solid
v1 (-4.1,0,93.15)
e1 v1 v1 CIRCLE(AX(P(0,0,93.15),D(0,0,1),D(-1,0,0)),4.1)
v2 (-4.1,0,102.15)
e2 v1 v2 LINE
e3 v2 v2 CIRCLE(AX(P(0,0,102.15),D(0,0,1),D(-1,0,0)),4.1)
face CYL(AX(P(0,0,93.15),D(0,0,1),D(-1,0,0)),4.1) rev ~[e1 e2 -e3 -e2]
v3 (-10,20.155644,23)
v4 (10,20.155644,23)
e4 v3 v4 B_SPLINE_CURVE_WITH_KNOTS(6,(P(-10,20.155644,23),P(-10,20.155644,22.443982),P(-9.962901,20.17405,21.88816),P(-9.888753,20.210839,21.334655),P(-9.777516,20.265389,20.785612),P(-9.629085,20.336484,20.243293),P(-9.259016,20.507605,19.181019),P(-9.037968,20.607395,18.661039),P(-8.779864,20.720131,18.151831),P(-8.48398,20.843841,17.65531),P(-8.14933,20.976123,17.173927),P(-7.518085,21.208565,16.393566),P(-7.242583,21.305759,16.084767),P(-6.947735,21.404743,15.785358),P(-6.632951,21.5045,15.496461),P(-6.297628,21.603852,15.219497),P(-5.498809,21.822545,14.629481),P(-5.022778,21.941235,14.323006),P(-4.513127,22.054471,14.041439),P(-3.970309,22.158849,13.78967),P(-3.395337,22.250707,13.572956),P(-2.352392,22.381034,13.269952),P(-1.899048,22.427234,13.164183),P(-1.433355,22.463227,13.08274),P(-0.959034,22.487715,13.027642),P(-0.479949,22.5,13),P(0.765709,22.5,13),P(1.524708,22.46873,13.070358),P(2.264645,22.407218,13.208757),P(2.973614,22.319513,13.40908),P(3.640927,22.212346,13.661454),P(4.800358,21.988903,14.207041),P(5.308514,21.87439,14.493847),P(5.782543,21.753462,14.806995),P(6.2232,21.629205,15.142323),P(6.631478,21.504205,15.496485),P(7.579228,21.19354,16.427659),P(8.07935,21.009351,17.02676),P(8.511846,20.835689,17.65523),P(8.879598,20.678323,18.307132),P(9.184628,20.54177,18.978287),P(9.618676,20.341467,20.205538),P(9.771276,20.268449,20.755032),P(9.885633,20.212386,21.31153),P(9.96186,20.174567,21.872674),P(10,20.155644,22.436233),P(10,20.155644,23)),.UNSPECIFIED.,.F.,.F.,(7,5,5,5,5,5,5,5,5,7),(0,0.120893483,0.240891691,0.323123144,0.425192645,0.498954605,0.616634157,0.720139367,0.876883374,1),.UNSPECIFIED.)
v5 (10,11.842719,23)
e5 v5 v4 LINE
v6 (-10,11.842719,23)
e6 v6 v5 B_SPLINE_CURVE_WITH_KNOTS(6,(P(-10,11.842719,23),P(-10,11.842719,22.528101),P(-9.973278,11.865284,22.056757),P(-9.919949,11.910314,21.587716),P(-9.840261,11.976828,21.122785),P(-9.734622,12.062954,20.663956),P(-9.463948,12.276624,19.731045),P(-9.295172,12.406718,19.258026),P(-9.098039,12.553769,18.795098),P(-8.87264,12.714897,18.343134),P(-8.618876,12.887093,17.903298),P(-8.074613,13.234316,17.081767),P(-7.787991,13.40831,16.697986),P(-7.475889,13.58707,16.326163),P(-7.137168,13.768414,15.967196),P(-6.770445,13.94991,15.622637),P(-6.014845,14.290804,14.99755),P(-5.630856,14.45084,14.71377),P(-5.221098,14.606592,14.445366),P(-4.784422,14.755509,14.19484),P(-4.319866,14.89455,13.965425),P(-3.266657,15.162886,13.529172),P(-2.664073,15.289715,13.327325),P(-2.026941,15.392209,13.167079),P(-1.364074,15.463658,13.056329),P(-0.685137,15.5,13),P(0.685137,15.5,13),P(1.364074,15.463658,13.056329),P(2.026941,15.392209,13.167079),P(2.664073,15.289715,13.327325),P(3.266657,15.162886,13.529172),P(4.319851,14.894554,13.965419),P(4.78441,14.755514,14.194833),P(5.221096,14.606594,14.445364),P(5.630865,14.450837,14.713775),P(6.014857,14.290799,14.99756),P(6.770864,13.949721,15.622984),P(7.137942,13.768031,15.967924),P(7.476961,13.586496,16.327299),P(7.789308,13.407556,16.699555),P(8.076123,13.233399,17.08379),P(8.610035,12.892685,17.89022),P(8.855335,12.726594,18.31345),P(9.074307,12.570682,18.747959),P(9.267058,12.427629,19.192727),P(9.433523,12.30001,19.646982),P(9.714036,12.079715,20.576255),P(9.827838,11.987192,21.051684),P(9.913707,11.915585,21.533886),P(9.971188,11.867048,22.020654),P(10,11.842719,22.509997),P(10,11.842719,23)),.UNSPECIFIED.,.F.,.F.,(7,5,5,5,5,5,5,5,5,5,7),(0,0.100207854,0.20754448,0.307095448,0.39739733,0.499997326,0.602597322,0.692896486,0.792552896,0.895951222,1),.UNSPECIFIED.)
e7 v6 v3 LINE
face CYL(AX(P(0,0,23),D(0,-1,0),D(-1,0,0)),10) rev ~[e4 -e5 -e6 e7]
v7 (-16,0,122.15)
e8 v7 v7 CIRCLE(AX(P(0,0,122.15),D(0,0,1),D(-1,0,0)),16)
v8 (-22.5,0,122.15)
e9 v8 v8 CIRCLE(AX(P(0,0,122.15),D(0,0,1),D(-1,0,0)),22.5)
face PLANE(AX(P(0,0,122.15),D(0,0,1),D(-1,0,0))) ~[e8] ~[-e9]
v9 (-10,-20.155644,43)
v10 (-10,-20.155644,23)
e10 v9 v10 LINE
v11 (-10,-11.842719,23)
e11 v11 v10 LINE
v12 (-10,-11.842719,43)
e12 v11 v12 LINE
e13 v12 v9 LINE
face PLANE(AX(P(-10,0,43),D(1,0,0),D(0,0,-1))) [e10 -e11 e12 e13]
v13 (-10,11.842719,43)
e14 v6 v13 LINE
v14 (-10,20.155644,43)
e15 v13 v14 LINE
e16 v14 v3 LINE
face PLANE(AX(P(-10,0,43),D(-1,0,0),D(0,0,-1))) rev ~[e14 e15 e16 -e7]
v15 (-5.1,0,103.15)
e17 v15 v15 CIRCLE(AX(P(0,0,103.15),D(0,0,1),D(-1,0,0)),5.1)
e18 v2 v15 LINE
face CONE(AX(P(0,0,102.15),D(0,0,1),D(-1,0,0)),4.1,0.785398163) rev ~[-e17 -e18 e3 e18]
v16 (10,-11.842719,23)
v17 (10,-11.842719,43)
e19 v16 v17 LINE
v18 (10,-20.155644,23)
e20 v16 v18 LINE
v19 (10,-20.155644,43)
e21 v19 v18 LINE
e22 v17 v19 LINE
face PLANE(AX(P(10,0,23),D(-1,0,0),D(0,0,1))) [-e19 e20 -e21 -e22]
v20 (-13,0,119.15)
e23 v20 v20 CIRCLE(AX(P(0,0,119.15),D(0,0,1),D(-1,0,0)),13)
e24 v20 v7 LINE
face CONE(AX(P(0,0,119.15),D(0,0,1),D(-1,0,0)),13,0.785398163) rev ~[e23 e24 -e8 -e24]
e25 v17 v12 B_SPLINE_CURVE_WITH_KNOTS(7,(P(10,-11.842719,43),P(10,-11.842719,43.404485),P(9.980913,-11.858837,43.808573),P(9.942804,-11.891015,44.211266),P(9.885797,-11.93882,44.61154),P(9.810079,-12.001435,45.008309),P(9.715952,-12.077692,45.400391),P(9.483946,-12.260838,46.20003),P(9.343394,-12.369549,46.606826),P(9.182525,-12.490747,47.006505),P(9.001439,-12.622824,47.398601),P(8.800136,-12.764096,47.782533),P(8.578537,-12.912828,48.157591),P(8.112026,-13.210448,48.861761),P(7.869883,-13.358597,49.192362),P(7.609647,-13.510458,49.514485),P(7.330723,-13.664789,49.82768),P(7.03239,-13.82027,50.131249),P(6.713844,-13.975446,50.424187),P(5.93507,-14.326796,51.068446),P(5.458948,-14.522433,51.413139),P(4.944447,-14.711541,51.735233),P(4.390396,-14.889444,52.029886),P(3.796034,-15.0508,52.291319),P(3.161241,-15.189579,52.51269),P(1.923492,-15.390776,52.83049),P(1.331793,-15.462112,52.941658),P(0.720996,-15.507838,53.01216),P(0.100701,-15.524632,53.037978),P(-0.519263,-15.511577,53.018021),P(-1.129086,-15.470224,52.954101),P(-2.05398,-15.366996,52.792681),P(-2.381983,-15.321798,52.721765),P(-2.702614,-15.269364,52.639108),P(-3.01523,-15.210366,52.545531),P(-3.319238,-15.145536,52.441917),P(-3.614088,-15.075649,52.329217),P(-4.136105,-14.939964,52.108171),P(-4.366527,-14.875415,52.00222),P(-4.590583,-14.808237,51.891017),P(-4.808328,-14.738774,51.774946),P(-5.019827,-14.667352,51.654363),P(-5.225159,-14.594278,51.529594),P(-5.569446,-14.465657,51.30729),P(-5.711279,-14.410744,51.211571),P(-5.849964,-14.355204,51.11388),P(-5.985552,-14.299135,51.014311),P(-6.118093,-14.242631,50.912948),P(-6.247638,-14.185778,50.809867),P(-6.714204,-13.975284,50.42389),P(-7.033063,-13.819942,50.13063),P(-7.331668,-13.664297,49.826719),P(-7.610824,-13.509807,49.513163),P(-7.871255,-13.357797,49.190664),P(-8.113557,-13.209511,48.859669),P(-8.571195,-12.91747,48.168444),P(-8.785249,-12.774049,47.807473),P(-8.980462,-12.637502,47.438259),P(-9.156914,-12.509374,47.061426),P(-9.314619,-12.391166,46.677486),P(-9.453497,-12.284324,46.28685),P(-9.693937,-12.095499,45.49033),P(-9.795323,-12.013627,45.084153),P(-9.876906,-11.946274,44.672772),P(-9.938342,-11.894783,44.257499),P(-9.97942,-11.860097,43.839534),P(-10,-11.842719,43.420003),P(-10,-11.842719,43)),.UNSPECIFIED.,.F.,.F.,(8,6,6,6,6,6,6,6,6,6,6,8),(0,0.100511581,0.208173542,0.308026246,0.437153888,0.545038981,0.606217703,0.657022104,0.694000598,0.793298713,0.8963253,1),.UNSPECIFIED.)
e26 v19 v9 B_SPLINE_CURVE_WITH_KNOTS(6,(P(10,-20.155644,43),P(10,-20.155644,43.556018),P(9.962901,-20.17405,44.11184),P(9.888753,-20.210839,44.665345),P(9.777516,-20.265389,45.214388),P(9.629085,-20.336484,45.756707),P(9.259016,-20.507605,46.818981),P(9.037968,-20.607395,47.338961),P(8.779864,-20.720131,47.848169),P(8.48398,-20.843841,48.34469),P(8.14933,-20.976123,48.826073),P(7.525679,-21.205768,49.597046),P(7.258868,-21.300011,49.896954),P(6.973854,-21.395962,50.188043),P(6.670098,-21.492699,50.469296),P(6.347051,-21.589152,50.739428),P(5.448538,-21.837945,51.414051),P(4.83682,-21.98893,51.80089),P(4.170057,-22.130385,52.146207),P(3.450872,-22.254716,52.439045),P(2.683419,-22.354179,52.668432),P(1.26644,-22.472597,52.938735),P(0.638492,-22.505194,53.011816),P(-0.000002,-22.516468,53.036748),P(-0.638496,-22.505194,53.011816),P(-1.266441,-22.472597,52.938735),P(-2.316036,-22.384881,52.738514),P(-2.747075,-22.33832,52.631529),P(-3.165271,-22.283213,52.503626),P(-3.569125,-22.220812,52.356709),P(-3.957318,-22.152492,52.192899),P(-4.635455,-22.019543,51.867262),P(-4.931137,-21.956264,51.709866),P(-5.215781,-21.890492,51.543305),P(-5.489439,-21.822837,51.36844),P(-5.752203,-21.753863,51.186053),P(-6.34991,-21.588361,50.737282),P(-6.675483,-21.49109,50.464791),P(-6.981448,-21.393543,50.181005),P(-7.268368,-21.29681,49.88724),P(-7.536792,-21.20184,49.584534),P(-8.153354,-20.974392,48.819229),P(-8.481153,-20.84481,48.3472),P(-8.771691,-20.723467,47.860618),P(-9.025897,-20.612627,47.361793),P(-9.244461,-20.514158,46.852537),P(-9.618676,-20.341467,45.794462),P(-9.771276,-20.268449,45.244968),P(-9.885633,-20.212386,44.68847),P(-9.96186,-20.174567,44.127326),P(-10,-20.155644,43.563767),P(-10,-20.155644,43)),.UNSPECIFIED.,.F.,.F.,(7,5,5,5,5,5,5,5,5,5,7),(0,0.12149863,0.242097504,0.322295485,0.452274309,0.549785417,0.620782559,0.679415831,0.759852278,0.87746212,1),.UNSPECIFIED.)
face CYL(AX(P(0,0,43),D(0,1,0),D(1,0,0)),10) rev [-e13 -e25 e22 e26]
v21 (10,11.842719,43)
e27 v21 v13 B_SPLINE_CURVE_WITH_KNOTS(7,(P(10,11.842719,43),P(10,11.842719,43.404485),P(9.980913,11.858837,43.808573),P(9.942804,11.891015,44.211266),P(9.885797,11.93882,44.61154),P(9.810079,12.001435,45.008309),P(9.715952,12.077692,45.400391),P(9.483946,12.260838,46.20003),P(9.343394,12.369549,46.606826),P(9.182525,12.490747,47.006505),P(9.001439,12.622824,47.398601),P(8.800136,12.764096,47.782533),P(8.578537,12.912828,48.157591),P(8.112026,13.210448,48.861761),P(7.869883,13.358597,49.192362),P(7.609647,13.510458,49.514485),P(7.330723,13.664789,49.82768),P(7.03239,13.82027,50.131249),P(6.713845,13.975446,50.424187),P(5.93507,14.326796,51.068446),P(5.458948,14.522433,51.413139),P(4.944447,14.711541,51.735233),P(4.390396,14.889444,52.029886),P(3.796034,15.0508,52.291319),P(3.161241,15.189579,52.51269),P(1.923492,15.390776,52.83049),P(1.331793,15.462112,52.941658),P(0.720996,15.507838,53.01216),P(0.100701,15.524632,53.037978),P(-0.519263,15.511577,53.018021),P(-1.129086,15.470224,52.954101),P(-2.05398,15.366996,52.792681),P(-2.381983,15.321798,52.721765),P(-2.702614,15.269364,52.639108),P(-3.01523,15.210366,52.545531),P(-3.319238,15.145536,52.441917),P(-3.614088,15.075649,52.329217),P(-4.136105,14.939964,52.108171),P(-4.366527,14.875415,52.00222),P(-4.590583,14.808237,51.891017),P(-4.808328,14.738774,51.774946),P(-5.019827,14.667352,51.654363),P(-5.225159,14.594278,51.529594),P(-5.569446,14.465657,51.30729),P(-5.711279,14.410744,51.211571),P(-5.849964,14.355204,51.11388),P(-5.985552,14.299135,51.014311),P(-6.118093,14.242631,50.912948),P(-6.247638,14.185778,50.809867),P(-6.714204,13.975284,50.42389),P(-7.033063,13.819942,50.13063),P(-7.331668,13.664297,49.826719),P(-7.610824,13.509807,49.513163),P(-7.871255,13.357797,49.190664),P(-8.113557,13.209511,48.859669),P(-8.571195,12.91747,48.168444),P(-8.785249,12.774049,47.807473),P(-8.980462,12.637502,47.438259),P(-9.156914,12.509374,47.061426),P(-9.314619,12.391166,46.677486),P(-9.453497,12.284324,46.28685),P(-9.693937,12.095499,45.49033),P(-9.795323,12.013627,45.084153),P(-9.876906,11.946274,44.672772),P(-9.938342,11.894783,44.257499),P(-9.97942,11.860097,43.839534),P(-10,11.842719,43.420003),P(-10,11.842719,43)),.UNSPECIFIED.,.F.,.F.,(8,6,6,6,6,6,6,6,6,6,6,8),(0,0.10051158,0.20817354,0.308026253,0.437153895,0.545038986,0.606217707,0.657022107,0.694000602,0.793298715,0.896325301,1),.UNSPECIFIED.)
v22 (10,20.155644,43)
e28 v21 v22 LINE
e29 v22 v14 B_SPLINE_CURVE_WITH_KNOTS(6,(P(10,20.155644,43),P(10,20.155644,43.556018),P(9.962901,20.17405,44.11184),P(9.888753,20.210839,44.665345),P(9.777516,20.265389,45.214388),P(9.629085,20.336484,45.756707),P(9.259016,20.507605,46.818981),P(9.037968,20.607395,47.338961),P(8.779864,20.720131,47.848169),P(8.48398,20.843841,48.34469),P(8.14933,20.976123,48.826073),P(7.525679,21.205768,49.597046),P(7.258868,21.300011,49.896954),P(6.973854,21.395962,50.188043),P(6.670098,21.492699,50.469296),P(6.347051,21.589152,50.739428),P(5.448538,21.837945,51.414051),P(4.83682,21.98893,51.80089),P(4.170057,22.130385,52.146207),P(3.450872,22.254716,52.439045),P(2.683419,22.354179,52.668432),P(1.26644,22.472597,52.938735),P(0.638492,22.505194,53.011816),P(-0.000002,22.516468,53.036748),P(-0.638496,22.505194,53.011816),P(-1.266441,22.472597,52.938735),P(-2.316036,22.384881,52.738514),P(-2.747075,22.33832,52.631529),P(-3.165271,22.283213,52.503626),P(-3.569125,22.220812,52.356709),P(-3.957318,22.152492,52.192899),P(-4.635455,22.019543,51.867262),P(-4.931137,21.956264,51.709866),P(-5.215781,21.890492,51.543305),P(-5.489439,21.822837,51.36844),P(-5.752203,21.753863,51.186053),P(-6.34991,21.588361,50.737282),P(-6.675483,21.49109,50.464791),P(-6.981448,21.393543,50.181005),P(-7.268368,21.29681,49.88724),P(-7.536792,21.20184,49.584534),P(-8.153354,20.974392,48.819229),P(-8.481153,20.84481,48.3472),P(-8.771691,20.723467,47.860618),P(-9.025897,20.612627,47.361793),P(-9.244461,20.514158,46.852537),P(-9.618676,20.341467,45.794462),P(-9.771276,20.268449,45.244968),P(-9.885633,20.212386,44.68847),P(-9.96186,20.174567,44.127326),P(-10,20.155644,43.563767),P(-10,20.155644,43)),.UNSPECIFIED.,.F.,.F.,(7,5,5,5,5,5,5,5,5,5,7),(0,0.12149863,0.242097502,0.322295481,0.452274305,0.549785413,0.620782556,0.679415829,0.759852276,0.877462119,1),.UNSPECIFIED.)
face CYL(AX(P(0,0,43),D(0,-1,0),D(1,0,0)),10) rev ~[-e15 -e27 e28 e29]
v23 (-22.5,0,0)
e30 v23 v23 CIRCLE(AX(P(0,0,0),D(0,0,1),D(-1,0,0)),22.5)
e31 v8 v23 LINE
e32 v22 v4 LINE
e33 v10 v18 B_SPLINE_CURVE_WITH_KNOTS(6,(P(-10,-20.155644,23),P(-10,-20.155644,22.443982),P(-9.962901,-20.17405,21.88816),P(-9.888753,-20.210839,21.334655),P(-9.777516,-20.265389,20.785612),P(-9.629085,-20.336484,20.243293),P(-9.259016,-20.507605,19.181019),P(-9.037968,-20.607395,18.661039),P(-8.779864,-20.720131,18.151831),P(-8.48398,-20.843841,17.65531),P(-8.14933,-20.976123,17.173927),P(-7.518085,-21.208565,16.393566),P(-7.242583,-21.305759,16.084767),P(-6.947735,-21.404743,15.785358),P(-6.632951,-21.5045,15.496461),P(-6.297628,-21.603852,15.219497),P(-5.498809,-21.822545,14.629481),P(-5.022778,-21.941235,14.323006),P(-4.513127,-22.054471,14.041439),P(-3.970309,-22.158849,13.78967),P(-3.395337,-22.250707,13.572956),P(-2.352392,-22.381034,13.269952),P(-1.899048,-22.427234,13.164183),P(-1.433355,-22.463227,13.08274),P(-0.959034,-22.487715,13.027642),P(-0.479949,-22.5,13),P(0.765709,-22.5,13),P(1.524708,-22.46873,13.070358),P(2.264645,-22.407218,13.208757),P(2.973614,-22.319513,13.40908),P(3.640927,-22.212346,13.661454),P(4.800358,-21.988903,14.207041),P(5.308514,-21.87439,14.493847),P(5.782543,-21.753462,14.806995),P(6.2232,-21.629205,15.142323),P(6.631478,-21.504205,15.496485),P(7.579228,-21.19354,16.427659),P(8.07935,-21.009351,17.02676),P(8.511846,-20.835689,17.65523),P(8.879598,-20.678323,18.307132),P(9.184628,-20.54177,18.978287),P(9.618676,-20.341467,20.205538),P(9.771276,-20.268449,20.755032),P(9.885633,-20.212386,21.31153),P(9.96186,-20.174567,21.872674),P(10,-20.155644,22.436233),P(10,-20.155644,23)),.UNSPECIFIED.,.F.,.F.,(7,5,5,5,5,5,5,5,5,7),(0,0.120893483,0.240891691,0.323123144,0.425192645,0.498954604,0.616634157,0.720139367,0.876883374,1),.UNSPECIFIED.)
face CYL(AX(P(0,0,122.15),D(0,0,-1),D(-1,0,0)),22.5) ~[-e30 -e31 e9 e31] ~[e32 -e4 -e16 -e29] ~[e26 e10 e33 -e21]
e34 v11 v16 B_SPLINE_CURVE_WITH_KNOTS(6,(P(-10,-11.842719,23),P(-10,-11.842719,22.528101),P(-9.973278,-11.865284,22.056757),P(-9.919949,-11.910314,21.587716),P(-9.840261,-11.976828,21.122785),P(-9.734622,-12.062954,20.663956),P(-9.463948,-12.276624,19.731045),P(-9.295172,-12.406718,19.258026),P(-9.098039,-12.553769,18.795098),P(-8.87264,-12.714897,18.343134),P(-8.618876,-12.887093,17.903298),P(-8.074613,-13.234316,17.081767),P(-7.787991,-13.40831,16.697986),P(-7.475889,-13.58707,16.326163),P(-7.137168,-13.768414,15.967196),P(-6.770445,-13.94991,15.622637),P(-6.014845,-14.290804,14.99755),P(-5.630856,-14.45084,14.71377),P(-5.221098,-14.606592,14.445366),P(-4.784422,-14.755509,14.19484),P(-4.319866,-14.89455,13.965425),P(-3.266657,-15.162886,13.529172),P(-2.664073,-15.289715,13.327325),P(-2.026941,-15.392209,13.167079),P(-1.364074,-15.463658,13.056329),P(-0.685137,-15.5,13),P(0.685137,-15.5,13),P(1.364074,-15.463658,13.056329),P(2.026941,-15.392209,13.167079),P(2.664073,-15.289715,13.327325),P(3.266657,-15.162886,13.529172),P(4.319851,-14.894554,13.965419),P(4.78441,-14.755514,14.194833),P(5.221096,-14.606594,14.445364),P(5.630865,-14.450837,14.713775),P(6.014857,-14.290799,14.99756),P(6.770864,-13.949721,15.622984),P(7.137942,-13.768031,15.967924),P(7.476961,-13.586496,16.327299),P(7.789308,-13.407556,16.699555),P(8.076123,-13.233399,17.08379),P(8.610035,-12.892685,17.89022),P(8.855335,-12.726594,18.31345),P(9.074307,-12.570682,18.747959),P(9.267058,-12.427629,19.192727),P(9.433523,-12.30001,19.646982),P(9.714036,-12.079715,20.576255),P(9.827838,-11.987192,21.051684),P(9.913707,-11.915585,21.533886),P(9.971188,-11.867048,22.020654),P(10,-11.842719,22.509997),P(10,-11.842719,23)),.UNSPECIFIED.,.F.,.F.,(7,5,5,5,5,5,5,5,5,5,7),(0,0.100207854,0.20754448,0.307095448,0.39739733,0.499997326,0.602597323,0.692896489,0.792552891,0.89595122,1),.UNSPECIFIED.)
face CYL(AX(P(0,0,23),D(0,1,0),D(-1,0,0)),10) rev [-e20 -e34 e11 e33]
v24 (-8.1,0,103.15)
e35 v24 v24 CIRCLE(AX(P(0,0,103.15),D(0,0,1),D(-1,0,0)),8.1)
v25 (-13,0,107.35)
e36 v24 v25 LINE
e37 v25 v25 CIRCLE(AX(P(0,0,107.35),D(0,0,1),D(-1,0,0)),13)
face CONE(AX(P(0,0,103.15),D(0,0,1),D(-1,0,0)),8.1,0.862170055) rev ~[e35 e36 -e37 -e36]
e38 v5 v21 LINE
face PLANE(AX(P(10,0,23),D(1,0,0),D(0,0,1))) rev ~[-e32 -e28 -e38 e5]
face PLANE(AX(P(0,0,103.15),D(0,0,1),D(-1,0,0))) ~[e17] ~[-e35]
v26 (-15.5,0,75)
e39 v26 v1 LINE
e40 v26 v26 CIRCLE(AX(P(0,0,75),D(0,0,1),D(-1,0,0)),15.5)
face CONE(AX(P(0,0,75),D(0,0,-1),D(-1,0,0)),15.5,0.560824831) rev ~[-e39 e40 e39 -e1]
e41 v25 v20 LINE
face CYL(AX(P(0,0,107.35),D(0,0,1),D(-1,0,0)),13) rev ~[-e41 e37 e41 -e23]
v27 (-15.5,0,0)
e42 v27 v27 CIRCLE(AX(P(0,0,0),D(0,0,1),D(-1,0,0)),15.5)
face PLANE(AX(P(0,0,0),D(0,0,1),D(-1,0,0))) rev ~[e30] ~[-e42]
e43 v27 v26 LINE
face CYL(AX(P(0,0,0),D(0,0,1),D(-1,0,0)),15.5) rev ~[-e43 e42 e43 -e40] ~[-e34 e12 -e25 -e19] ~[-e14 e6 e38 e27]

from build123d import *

# Parameters (mm, degrees)
POCKET_DEPTH      = 22.501
POCKET_DEPTH_BACK = -22.501


with BuildPart() as part:
    # Sketch → Revolution (revolve)
    with BuildSketch(Plane.XZ):
        Polygon((-22.5, 0), (-15.5, 0), (-15.5, 75), (-4.1, 93.15), (-4.1, 102.15), (-5.1, 103.15), (-8.1, 103.15), (-13, 107.35), (-13, 119.15), (-16, 122.15), (-22.5, 122.15), align=None)
    revolve(axis=Axis((0, 0, 0), (0, 0, 1)))

    # Sketch001 → Pocket (cut, two sides)
    with BuildSketch(Plane.XZ) as pocket_sk:
        with BuildLine():
            ThreePointArc((-10, 23), (0, 13), (10, 23))
            Line((10, 23), (10, 43))
            ThreePointArc((10, 43), (0, 53), (-10, 43))
            Line((-10, 43), (-10, 23))
        make_face()
    extrude(amount=-POCKET_DEPTH, mode=Mode.SUBTRACT)
    extrude(pocket_sk.sketch, amount=-POCKET_DEPTH_BACK, mode=Mode.SUBTRACT)


solid = part.part
